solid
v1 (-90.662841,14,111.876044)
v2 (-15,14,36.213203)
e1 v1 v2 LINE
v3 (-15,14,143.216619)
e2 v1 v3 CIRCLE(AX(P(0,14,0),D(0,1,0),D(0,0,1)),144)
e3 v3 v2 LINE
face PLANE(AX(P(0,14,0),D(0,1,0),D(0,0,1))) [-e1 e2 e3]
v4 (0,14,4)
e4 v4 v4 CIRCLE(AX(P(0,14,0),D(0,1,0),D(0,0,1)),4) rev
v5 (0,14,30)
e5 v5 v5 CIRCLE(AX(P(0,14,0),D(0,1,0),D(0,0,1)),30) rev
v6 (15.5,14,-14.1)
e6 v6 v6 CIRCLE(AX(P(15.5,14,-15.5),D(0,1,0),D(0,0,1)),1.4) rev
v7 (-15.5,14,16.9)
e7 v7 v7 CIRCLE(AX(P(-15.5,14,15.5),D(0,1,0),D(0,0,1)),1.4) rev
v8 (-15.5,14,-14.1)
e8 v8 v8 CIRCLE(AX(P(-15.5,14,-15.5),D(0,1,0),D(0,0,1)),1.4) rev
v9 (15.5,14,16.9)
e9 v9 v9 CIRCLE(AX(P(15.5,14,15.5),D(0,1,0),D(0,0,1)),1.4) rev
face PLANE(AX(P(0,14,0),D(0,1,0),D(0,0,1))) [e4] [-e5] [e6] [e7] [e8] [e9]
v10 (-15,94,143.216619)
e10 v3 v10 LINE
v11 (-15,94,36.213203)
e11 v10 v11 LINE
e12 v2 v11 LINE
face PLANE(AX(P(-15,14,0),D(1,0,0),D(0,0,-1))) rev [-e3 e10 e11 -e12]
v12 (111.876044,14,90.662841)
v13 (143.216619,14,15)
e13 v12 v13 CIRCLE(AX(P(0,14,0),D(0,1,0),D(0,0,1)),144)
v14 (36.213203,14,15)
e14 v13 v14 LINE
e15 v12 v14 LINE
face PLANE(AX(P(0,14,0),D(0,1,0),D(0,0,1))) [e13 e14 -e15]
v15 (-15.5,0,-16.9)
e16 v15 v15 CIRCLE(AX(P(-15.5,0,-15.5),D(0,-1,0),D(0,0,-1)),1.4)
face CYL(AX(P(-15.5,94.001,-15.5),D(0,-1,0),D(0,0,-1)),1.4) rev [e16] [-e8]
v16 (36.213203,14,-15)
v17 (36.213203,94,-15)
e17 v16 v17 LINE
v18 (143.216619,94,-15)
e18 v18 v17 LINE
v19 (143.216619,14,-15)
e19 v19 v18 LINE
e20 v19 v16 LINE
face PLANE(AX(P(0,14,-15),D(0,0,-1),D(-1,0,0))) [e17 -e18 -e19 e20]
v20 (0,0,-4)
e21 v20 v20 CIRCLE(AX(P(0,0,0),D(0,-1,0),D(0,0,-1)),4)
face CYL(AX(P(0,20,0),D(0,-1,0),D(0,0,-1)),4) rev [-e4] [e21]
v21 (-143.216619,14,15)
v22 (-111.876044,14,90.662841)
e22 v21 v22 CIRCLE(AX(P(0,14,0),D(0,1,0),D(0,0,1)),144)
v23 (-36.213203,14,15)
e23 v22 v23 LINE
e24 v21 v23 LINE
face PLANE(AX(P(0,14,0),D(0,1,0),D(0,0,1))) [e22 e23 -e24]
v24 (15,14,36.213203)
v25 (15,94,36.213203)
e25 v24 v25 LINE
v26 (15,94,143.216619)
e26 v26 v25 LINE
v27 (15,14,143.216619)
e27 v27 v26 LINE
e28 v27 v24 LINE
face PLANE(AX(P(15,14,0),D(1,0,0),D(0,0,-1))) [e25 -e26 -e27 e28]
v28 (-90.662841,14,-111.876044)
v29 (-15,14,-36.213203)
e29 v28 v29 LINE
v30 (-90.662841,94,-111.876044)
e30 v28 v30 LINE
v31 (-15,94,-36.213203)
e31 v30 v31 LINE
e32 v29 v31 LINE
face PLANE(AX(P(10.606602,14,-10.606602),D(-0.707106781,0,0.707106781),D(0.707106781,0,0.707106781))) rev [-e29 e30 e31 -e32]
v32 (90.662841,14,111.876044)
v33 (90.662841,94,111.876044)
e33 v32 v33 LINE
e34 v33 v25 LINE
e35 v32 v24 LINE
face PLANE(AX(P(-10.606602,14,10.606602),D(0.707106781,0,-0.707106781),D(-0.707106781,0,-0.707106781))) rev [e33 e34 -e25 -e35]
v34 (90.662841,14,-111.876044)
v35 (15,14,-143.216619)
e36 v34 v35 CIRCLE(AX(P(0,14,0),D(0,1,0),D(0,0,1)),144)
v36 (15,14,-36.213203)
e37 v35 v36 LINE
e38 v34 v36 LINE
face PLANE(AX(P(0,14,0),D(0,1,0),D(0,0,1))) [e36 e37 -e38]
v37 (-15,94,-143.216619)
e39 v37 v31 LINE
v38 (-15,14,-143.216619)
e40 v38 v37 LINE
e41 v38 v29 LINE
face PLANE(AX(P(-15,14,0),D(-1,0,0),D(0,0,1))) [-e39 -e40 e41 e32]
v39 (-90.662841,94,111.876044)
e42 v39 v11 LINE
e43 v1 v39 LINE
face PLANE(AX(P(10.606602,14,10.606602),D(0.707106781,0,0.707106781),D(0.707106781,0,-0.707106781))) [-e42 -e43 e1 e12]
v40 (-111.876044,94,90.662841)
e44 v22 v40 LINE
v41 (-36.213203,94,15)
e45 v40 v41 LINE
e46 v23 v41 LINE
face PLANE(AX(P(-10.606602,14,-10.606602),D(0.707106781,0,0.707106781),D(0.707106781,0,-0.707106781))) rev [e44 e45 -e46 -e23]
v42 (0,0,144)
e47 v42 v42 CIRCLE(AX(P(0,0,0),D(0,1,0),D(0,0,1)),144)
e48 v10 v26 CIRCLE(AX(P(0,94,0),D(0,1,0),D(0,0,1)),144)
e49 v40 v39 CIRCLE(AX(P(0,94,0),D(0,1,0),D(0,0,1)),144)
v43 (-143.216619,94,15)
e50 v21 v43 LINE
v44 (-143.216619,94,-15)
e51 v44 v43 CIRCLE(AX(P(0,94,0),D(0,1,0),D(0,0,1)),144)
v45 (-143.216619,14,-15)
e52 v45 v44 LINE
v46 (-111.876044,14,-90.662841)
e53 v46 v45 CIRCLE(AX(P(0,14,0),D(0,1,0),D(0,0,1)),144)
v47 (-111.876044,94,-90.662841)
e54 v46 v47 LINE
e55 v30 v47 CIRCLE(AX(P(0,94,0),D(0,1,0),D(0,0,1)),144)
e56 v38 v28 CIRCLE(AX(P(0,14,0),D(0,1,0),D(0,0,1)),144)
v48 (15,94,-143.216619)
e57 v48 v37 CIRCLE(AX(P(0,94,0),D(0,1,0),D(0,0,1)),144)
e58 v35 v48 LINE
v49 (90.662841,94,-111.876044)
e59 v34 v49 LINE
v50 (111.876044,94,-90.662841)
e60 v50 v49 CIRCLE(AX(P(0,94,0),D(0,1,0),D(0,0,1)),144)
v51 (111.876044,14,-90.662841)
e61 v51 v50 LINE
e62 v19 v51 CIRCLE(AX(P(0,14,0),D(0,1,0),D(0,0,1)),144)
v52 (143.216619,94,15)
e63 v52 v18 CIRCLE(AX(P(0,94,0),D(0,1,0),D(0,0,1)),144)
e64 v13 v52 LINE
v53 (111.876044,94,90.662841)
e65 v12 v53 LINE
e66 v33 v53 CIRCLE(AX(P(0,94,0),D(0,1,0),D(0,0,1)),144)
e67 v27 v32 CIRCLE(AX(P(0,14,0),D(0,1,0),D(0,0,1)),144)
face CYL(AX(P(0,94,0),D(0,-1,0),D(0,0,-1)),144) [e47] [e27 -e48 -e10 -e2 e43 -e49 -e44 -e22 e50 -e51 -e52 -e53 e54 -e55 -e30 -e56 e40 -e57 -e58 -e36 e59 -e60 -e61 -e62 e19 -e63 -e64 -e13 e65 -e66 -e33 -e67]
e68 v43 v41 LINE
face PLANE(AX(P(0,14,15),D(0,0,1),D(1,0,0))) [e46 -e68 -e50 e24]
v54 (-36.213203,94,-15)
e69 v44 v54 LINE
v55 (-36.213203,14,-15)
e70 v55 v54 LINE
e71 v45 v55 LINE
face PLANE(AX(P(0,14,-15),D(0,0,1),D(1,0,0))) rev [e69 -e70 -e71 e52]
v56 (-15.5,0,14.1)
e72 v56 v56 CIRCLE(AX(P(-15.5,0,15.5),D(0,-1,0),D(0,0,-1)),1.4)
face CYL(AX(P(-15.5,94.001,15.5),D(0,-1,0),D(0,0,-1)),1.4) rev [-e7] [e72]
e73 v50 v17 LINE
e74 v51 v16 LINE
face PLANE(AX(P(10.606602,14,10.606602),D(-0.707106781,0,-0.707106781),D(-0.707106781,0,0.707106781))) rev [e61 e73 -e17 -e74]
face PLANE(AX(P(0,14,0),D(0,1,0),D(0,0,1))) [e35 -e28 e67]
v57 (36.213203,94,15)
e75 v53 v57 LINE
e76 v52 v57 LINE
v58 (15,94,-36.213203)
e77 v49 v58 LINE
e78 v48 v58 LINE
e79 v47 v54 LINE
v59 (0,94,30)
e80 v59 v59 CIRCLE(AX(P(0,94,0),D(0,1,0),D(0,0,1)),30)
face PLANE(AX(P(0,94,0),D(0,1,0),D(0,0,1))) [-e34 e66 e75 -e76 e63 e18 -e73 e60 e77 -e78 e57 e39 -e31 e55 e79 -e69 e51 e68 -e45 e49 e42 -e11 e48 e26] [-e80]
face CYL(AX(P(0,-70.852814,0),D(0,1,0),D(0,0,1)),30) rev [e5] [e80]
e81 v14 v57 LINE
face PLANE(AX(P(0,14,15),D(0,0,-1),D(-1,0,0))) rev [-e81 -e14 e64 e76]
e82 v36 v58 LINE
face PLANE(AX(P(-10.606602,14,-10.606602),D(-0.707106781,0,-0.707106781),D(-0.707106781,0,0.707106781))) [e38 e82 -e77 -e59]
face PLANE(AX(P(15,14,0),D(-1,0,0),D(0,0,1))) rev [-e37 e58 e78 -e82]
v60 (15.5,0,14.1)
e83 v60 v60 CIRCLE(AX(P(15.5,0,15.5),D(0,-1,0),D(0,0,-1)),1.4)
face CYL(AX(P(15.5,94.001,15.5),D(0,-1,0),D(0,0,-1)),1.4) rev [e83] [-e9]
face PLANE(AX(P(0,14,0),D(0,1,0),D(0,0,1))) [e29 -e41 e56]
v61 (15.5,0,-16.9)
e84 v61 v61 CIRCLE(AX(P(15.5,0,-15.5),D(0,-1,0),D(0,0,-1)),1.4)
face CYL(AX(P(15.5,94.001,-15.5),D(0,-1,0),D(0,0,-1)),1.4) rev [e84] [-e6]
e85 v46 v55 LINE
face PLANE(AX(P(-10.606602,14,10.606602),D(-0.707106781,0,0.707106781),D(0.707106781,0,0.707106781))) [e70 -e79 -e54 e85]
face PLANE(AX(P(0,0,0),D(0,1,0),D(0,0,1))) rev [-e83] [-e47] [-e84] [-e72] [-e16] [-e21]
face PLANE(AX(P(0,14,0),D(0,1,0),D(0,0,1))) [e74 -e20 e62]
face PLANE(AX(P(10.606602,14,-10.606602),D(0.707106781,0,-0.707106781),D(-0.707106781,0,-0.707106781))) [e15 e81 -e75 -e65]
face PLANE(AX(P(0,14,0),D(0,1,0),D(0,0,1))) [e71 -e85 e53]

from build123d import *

# Parameters (mm, degrees)
SKETCH1_R           = 144
BOSS_EXTRUDE1_DEPTH = 94
CUT_EXTRUDE1_DEPTH  = 80
SKETCH3_R           = 4
CUT_EXTRUDE2_DEPTH  = 20
CUT_EXTRUDE3_REACH  = 96
SKETCH4_R           = 1.4
SKETCH5_R           = 30
CUT_EXTRUDE4_DEPTH  = 80


with BuildPart() as part:
    # Sketch1 → Boss-Extrude1 (new body)
    with BuildSketch(Plane(origin=(0, 0, 0), x_dir=(1, 0, 0), z_dir=(0, 1, 0))):
        Circle(SKETCH1_R)
    extrude(amount=BOSS_EXTRUDE1_DEPTH)

    # Sketch2 → Cut-Extrude1 (cut)
    with BuildSketch(Plane(origin=(0, 94, 0), x_dir=(1, 0, 0), z_dir=(0, 1, 0))):
        with BuildLine():
            Line((-15, 36.213203436), (-15, 143.216619147))
            ThreePointArc((-15, 143.216619147), (-55.106414261, 133.038652682), (-90.66284086, 111.876044296))
            Line((-90.66284086, 111.876044296), (-15, 36.213203436))
        make_face()
        with BuildLine():
            Line((15, 36.213203436), (90.66284086, 111.876044296))
            ThreePointArc((90.66284086, 111.876044296), (55.106414261, 133.038652682), (15, 143.216619147))
            Line((15, 143.216619147), (15, 36.213203436))
        make_face()
        with BuildLine():
            ThreePointArc((143.216619147, 15), (133.038652682, 55.106414261), (111.876044296, 90.66284086))
            Line((111.876044296, 90.66284086), (36.213203436, 15))
            Line((36.213203436, 15), (143.216619147, 15))
        make_face()
        with BuildLine():
            ThreePointArc((111.876044296, -90.66284086), (133.038652682, -55.106414261), (143.216619147, -15))
            Line((143.216619147, -15), (36.213203436, -15))
            Line((36.213203436, -15), (111.876044296, -90.66284086))
        make_face()
        with BuildLine():
            ThreePointArc((15, -143.216619147), (55.106414261, -133.038652682), (90.66284086, -111.876044296))
            Line((90.66284086, -111.876044296), (15, -36.213203436))
            Line((15, -36.213203436), (15, -143.216619147))
        make_face()
        with BuildLine():
            ThreePointArc((-90.66284086, -111.876044296), (-55.106414261, -133.038652682), (-15, -143.216619147))
            Line((-15, -143.216619147), (-15, -36.213203436))
            Line((-15, -36.213203436), (-90.66284086, -111.876044296))
        make_face()
        with BuildLine():
            Line((-36.213203436, -15), (-143.216619147, -15))
            ThreePointArc((-143.216619147, -15), (-133.038652682, -55.106414261), (-111.876044296, -90.66284086))
            Line((-111.876044296, -90.66284086), (-36.213203436, -15))
        make_face()
        with BuildLine():
            Line((-36.213203436, 15), (-111.876044296, 90.66284086))
            ThreePointArc((-111.876044296, 90.66284086), (-133.038652682, 55.106414261), (-143.216619147, 15))
            Line((-143.216619147, 15), (-36.213203436, 15))
        make_face()
    extrude(amount=-CUT_EXTRUDE1_DEPTH, mode=Mode.SUBTRACT)

    # Sketch3 → Cut-Extrude2 (cut)
    with BuildSketch(Plane.XZ):
        Circle(SKETCH3_R)
    extrude(amount=-CUT_EXTRUDE2_DEPTH, mode=Mode.SUBTRACT)

    # Sketch4 → Cut-Extrude3 (cut, up to next)
    with BuildSketch(Plane.XZ, mode=Mode.PRIVATE) as cut_extrude3_sk1:
        with Locations((15.5, -15.5)):
            Circle(SKETCH4_R)
    cut_extrude3_tool1 = extrude(cut_extrude3_sk1.sketch, amount=-CUT_EXTRUDE3_REACH, mode=Mode.PRIVATE) & part.part
    add(cut_extrude3_tool1.solids().sort_by_distance((15.5, 0, -15.5))[0], mode=Mode.SUBTRACT)
    # Sketch4 → Cut-Extrude3 (cut, up to next)
    with BuildSketch(Plane.XZ, mode=Mode.PRIVATE) as cut_extrude3_sk2:
        with Locations((15.5, 15.5)):
            Circle(SKETCH4_R)
    cut_extrude3_tool2 = extrude(cut_extrude3_sk2.sketch, amount=-CUT_EXTRUDE3_REACH, mode=Mode.PRIVATE) & part.part
    add(cut_extrude3_tool2.solids().sort_by_distance((15.5, 0, 15.5))[0], mode=Mode.SUBTRACT)
    # Sketch4 → Cut-Extrude3 (cut, up to next)
    with BuildSketch(Plane.XZ, mode=Mode.PRIVATE) as cut_extrude3_sk3:
        with Locations((-15.5, 15.5)):
            Circle(SKETCH4_R)
    cut_extrude3_tool3 = extrude(cut_extrude3_sk3.sketch, amount=-CUT_EXTRUDE3_REACH, mode=Mode.PRIVATE) & part.part
    add(cut_extrude3_tool3.solids().sort_by_distance((-15.5, 0, 15.5))[0], mode=Mode.SUBTRACT)
    # Sketch4 → Cut-Extrude3 (cut, up to next)
    with BuildSketch(Plane.XZ, mode=Mode.PRIVATE) as cut_extrude3_sk4:
        with Locations((-15.5, -15.5)):
            Circle(SKETCH4_R)
    cut_extrude3_tool4 = extrude(cut_extrude3_sk4.sketch, amount=-CUT_EXTRUDE3_REACH, mode=Mode.PRIVATE) & part.part
    add(cut_extrude3_tool4.solids().sort_by_distance((-15.5, 0, -15.5))[0], mode=Mode.SUBTRACT)

    # Sketch5 → Cut-Extrude4 (cut)
    with BuildSketch(Plane(origin=(0, 94, 0), x_dir=(1, 0, 0), z_dir=(0, 1, 0))):
        Circle(SKETCH5_R)
    extrude(amount=-CUT_EXTRUDE4_DEPTH, mode=Mode.SUBTRACT)


solid = part.part
